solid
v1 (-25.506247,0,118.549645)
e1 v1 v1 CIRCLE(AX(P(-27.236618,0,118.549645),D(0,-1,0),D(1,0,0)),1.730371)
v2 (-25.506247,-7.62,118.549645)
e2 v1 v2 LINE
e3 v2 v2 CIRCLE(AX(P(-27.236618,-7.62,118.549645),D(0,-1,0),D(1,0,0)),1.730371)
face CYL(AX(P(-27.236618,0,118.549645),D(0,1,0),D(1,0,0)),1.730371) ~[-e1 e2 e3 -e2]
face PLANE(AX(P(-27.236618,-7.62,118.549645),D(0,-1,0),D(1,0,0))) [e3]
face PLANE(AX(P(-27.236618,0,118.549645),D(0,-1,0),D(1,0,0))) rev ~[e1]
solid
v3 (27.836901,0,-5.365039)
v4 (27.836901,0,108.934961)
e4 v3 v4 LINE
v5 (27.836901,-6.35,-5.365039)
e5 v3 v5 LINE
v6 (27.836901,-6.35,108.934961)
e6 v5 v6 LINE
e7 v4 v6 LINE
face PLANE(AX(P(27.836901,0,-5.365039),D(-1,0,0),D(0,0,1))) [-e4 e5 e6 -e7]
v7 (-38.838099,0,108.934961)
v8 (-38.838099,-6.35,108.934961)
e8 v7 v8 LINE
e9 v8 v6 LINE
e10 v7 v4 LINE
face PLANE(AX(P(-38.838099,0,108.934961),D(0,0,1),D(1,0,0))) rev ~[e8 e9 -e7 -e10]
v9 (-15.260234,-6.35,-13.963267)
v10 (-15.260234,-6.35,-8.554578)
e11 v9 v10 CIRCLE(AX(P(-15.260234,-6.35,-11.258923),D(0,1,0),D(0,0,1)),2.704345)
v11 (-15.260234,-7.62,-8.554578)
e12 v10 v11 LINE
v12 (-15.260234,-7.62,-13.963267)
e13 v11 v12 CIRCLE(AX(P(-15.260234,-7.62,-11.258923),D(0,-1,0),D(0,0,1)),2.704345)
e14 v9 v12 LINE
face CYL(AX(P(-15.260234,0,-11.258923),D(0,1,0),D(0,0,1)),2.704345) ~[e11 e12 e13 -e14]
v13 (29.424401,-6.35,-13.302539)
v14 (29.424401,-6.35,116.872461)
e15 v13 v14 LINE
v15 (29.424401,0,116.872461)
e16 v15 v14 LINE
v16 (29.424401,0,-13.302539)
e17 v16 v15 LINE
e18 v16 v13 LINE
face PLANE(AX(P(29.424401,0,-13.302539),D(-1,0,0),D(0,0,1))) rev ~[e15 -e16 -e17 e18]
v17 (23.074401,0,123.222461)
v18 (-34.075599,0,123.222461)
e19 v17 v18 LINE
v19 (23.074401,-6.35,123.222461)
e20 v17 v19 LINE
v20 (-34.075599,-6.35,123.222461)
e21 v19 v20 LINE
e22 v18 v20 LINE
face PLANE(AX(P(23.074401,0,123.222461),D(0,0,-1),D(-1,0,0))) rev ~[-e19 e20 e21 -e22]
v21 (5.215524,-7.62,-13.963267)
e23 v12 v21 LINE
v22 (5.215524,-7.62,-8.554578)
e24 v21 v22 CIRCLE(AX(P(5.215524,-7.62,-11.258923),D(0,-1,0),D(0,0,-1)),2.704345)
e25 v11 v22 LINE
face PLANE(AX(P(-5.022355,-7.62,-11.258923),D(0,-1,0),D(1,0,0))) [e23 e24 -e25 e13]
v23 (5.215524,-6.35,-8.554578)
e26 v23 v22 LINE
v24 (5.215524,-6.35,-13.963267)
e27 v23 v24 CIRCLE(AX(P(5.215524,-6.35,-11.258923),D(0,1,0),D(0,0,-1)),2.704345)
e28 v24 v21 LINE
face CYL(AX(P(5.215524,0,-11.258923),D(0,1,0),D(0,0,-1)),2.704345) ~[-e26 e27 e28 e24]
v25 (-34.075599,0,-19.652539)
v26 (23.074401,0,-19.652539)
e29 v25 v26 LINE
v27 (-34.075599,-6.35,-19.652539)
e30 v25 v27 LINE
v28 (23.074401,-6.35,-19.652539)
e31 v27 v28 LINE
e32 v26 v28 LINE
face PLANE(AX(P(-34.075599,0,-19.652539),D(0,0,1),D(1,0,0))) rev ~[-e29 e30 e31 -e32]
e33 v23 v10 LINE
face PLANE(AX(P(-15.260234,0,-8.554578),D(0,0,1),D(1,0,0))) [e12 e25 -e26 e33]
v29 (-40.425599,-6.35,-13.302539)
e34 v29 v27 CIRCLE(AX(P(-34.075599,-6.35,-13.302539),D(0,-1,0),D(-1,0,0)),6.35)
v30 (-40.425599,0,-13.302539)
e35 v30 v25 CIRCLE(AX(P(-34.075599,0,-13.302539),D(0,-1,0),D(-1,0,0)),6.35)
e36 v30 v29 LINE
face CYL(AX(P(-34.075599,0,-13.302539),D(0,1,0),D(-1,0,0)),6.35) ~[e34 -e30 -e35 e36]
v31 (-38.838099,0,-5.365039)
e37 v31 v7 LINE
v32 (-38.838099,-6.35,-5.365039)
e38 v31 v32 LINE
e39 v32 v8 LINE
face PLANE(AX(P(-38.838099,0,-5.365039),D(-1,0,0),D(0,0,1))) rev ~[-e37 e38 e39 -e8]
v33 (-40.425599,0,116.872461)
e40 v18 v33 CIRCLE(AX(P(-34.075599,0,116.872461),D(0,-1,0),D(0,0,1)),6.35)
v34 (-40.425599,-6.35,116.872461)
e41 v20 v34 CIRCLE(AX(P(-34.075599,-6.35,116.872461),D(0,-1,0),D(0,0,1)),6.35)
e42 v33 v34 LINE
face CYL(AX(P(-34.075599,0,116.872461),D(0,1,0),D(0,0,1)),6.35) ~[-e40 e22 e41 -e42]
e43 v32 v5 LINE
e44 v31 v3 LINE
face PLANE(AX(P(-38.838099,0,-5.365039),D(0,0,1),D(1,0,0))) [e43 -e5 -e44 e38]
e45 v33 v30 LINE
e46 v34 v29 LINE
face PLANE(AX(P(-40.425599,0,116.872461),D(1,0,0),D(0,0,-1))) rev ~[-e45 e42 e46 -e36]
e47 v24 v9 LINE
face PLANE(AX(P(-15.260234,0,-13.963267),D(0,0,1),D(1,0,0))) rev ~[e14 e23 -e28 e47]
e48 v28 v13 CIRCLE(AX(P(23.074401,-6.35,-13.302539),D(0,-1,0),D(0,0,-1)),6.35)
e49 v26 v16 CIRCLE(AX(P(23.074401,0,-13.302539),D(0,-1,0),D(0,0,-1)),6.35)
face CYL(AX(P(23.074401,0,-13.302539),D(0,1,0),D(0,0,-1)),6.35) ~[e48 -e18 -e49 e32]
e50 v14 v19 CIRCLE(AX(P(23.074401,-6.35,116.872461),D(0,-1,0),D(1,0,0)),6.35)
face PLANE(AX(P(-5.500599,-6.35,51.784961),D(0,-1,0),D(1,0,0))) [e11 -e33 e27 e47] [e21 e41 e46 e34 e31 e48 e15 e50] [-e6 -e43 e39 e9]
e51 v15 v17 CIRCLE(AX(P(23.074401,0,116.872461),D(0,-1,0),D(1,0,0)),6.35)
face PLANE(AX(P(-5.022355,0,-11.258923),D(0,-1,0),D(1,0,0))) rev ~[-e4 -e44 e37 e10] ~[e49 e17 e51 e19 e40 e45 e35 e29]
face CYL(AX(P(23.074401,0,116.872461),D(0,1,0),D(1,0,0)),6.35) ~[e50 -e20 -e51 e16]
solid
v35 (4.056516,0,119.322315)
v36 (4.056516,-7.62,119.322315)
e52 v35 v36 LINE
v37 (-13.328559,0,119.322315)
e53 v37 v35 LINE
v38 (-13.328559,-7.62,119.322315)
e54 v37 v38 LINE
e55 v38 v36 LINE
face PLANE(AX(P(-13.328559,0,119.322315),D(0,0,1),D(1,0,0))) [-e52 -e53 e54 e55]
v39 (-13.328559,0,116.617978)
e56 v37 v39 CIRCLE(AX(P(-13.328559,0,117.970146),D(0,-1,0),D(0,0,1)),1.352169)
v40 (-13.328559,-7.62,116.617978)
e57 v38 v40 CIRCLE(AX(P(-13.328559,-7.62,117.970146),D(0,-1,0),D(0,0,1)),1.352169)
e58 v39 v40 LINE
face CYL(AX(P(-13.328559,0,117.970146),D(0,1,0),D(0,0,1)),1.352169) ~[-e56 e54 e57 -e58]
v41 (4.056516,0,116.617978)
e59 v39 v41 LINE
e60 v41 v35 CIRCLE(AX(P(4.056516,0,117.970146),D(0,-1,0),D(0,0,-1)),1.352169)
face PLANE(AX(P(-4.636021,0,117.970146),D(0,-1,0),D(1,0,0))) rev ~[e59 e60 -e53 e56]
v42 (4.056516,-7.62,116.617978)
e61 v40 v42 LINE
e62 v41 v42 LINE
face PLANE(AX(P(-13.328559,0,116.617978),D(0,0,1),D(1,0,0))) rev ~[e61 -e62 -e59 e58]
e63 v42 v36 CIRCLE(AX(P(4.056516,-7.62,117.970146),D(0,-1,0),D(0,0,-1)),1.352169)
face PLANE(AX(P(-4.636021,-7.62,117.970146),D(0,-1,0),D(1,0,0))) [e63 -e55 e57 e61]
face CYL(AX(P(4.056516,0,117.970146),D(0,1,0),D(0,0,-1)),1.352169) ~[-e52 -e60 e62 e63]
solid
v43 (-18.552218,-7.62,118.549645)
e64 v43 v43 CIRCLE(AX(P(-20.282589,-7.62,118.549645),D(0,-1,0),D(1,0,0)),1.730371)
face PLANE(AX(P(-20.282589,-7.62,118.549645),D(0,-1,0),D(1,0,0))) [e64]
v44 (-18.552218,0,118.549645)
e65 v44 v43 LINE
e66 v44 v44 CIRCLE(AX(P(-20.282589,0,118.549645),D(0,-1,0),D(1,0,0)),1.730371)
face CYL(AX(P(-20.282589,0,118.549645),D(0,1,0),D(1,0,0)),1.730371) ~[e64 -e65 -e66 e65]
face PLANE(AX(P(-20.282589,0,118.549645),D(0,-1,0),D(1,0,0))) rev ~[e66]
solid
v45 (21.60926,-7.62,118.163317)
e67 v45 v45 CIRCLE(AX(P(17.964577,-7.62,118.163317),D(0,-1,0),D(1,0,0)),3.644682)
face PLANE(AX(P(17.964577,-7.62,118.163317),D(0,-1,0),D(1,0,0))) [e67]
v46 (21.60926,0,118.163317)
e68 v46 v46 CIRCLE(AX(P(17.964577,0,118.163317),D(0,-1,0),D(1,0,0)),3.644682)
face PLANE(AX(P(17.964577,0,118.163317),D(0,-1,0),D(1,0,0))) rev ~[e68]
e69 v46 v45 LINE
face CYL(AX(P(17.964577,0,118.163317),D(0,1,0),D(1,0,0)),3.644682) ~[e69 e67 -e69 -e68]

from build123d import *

# Parameters (mm, degrees)
F0_W     = 66.675
F0_H     = 114.3
F1_DEPTH = 6.35
F2_W     = 20.4757573083
F2_H     = 5.4086893797
F3_DEPTH = 7.62
F4_R     = 1.7303708669
F5_DEPTH = 7.62
F4_W     = 17.3850748688
F4_H     = 2.7043372393
F4_R_2   = 3.644682211


with BuildPart() as f1:
    # F0 (on Front) → F1 (new body)
    with BuildSketch(Plane.XZ):
        with BuildLine():
            Line((23.0744007826, 123.2224612594), (-34.0755992174, 123.2224612594))
            ThreePointArc((-34.0755992174, 123.2224612594), (-38.5657272779, 121.3625893199), (-40.4255992174, 116.8724612594))
            Line((-40.4255992174, 116.8724612594), (-40.4255992174, -13.3025387406))
            ThreePointArc((-40.4255992174, -13.3025387406), (-38.5657272779, -17.7926668012), (-34.0755992174, -19.6525387406))
            Line((-34.0755992174, -19.6525387406), (23.0744007826, -19.6525387406))
            ThreePointArc((23.0744007826, -19.6525387406), (27.5645288431, -17.7926668012), (29.4244007826, -13.3025387406))
            Line((29.4244007826, -13.3025387406), (29.4244007826, 116.8724612594))
            ThreePointArc((29.4244007826, 116.8724612594), (27.5645288431, 121.3625893199), (23.0744007826, 123.2224612594))
        make_face()
        with Locations((-5.5005992174, 51.7849612594)):
            Rectangle(F0_W, F0_H, mode=Mode.SUBTRACT)
    extrude(amount=F1_DEPTH)

    # F2 (on Front) → F3 (join)
    with BuildSketch(Plane.XZ):
        with Locations((-5.0223548897, -11.2589225173)):
            Rectangle(F2_W, F2_H)
        with BuildLine():
            Line((-15.2602335438, -13.9632672071), (-15.2602335438, -8.5545778275))
            ThreePointArc((-15.2602335438, -8.5545778275), (-17.9645782337, -11.2589225173), (-15.2602335438, -13.9632672071))
        make_face()
        with BuildLine():
            ThreePointArc((5.2155237645, -13.9632672071), (7.9198684543, -11.2589225173), (5.2155237645, -8.5545778275))
            Line((5.2155237645, -8.5545778275), (5.2155237645, -13.9632672071))
        make_face()
    extrude(amount=F3_DEPTH)


with BuildPart() as f5:
    # F4 (on Front) → F5 (new body)
    with BuildSketch(Plane.XZ):
        with Locations((-20.2825888991, 118.5496449471)):
            Circle(F4_R)
    extrude(amount=F5_DEPTH)


with BuildPart() as f5b:
    # F4 (on Front) → F5, piece 2 (new body)
    with BuildSketch(Plane.XZ):
        with Locations((-27.2366181016, 118.5496449471)):
            Circle(F4_R)
    extrude(amount=F5_DEPTH)


with BuildPart() as f5c:
    # F4 (on Front) → F5, piece 3 (new body)
    with BuildSketch(Plane.XZ):
        with Locations((-4.636021331, 117.9701462388)):
            Rectangle(F4_W, F4_H)
        with BuildLine():
            Line((-13.3285587654, 116.6179776192), (-13.3285587654, 119.3223148584))
            ThreePointArc((-13.3285587654, 119.3223148584), (-14.680727385, 117.9701462388), (-13.3285587654, 116.6179776192))
        make_face()
        with BuildLine():
            ThreePointArc((4.0565161034, 116.6179776192), (5.4086847231, 117.9701462388), (4.0565161034, 119.3223148584))
            Line((4.0565161034, 119.3223148584), (4.0565161034, 116.6179776192))
        make_face()
    extrude(amount=F5_DEPTH)


with BuildPart() as f5d:
    # F4 (on Front) → F5, piece 4 (new body)
    with BuildSketch(Plane.XZ):
        with Locations((17.9645773023, 118.1633174419)):
            Circle(F4_R_2)
    extrude(amount=F5_DEPTH)


solid = Compound([f1.part, f5.part, f5b.part, f5c.part, f5d.part])
